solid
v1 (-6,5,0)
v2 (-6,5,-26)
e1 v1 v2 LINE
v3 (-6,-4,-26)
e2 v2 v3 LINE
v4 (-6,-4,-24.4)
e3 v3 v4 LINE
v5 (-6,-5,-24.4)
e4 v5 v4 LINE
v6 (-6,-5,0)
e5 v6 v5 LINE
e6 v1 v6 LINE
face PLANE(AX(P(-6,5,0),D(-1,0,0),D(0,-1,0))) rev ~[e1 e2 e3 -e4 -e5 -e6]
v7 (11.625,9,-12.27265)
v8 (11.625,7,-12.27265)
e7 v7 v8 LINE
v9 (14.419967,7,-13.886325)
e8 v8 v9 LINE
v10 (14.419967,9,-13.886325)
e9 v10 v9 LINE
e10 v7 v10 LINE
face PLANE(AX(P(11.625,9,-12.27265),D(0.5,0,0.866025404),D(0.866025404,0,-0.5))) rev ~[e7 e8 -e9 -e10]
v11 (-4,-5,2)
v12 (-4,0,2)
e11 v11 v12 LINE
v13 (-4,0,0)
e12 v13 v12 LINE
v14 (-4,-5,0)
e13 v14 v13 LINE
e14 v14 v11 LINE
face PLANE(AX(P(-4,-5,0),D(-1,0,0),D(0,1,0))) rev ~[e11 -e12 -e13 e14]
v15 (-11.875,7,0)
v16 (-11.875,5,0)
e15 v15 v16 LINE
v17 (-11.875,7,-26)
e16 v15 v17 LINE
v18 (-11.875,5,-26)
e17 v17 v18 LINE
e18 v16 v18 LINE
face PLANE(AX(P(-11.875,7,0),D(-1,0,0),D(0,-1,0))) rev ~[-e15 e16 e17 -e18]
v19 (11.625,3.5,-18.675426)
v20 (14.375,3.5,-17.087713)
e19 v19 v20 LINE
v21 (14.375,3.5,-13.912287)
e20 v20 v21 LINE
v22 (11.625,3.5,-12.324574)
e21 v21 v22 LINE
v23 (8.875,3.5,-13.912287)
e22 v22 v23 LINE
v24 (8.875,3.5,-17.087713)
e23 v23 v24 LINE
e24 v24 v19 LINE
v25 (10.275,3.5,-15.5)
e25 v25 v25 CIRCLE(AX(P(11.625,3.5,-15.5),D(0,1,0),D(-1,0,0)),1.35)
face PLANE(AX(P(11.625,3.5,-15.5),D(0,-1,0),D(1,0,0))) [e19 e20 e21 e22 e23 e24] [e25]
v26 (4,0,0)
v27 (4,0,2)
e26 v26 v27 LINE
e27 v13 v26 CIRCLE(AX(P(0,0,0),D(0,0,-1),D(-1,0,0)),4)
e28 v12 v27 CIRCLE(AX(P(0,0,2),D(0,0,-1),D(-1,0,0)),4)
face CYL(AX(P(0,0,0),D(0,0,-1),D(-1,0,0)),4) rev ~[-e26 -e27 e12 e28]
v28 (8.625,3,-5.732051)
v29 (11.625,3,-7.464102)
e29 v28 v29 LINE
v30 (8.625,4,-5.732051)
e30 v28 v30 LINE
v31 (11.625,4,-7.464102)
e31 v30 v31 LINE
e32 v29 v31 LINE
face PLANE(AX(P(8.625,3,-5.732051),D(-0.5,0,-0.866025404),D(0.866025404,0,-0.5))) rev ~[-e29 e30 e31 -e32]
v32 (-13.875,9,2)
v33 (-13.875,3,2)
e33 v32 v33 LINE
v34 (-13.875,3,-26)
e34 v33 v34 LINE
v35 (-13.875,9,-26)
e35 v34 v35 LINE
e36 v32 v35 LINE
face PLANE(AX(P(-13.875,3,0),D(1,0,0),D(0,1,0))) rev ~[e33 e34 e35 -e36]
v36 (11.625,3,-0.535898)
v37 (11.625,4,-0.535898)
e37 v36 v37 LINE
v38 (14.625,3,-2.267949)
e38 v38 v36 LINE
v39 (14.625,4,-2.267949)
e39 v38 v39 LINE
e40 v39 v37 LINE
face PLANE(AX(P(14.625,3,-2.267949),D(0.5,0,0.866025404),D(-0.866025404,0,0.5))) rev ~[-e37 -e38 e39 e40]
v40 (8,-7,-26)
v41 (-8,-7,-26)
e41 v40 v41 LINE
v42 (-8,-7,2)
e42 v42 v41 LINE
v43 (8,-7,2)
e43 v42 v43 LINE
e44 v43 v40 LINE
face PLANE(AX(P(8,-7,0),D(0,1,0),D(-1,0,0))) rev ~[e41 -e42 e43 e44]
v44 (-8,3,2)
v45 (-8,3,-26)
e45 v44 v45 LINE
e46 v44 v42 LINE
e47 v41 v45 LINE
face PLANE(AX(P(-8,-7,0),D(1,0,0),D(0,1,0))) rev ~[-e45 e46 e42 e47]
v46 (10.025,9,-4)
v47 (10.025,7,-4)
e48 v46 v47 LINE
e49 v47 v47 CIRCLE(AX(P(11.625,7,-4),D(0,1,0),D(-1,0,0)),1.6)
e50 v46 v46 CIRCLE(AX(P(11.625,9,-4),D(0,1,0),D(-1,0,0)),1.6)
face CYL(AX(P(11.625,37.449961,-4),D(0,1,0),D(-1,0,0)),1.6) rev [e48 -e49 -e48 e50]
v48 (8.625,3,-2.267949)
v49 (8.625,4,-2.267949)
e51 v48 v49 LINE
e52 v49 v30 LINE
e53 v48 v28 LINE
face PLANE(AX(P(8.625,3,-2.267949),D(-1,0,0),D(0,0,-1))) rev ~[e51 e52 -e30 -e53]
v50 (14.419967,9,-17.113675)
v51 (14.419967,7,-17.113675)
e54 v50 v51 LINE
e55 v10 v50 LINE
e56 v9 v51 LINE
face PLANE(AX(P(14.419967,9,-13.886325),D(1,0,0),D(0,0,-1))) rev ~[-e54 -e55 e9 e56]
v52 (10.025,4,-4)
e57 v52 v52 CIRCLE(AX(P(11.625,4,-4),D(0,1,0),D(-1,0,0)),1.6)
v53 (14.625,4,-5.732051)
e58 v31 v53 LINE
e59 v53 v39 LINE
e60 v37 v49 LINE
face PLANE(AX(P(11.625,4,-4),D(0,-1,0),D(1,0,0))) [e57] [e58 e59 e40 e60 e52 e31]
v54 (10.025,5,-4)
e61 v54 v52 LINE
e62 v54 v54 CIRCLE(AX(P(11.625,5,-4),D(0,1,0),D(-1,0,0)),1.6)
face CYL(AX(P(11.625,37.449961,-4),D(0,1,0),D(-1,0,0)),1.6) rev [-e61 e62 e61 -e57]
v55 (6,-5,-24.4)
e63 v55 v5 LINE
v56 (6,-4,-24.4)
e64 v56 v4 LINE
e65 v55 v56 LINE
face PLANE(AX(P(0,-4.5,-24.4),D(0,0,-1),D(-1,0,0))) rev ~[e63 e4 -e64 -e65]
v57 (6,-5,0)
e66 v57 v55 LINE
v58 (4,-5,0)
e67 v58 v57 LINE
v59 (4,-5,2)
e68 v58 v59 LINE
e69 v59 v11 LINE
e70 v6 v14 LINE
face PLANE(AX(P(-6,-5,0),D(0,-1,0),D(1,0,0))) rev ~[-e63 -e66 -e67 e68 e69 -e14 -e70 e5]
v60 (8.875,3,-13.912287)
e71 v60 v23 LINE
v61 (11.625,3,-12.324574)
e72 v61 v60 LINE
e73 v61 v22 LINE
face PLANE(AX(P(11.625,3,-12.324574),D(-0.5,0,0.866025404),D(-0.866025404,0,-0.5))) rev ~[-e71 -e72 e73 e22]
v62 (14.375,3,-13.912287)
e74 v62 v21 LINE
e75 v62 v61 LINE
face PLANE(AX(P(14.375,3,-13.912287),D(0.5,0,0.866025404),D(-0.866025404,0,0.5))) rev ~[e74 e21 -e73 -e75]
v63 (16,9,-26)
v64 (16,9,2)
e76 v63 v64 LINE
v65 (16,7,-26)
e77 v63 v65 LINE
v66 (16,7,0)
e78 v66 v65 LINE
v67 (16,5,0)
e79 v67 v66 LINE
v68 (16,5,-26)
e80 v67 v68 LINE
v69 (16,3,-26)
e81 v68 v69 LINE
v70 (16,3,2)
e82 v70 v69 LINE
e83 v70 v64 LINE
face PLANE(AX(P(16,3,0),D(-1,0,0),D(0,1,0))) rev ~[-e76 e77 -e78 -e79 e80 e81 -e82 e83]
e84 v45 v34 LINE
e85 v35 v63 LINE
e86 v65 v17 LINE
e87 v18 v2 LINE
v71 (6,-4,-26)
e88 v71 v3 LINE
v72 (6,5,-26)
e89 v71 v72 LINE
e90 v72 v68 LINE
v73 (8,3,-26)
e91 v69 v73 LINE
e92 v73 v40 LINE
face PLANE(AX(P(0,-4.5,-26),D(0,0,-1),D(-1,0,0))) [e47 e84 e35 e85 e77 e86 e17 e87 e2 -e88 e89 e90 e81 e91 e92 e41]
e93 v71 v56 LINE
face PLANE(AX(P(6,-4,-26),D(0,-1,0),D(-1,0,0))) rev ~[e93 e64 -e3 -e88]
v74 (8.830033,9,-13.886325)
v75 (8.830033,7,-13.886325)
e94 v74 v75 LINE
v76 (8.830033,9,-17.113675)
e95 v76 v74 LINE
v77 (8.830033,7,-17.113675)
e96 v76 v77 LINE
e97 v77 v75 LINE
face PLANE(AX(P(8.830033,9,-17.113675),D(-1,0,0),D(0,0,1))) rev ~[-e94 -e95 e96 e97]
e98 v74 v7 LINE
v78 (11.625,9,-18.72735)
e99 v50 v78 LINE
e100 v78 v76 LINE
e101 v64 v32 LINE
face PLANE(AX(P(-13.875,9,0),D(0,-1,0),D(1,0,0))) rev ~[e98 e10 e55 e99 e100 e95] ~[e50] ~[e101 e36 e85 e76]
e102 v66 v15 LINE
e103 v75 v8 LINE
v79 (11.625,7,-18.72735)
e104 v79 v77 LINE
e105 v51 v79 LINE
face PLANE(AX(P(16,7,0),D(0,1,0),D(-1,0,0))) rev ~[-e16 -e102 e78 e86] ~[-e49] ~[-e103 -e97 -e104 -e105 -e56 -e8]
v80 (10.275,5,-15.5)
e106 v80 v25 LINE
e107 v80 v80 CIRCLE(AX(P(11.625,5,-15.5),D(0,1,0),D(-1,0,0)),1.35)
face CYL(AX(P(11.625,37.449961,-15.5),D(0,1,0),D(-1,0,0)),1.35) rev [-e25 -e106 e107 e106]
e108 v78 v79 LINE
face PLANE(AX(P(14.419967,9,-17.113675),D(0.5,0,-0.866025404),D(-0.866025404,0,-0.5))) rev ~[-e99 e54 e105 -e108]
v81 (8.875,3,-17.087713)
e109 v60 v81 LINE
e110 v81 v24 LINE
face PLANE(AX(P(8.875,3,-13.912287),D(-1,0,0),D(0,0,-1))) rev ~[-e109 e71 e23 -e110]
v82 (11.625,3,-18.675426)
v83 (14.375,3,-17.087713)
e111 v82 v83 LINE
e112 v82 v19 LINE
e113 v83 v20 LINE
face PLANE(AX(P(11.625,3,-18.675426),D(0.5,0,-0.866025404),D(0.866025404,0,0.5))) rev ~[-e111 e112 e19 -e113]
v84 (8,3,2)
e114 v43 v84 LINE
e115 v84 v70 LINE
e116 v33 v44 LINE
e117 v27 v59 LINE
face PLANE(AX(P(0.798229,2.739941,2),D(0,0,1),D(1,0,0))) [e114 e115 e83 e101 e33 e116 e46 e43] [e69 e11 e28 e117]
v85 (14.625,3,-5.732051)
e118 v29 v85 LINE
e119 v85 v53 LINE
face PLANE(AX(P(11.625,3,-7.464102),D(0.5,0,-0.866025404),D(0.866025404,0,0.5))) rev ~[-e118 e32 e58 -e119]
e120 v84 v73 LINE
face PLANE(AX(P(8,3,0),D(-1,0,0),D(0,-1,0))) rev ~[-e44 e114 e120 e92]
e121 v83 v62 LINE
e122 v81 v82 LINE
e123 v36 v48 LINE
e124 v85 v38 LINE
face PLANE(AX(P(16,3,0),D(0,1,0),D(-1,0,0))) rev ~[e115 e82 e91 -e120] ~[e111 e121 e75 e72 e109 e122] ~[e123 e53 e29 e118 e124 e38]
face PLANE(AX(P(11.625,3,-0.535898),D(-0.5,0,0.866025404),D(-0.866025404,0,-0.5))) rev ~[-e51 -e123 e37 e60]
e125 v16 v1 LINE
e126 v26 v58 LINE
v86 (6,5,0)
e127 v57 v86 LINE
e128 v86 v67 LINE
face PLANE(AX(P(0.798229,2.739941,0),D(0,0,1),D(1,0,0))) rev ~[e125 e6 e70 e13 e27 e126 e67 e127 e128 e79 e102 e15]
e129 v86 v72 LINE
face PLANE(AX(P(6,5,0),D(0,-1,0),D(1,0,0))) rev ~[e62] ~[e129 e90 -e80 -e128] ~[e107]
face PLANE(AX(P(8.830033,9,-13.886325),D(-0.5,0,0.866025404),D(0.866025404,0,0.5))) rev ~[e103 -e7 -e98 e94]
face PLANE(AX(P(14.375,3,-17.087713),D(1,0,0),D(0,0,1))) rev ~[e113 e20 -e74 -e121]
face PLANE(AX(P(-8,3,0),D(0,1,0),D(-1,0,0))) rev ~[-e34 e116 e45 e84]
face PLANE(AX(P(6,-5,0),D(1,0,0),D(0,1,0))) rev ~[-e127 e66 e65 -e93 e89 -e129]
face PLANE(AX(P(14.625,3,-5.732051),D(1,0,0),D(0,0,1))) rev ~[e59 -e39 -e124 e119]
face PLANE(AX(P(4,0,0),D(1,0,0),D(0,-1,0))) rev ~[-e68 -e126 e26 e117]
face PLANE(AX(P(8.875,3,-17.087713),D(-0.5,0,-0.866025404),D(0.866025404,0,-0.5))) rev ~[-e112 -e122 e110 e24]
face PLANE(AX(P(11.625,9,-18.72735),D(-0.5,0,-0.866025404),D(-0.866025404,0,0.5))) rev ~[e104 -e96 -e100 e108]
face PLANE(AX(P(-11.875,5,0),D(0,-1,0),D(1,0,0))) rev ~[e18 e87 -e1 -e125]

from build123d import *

# Parameters (mm, degrees)
EXTRUDE_1_DEPTH          = 2
EXTRUDE_2_DEPTH          = 26
SKETCH_3_W               = 12
SKETCH_3_H               = 1
EXTRUDE_3_DEPTH          = 1.6
CUT_EXTRUDE_1_DEPTH      = 2
CUT_EXTRUDE_2_DEPTH      = 0.5
CUT_EXTRUDE_3_DEPTH      = 1
CUT_EXTRUDE_4_DEPTH      = 1
CUT_EXTRUDE_4_DEPTH_BACK = 33.449961479
SKETCH_7_R               = 1.35
SKETCH_7_R_2             = 1.6


with BuildPart() as part:
    # 草图1 → 凸台-拉伸1 (new body)
    with BuildSketch(Plane.XY):
        with BuildLine():
            Line((8, -7), (8, 3))
            Line((8, 3), (16, 3))
            Line((16, 3), (16, 5))
            Line((16, 5), (8, 5))
            Line((8, 5), (5, 5))
            ThreePointArc((5, 5), (5.707106781, 4.707106781), (6, 4))
            Line((6, 4), (6, -4))
            ThreePointArc((6, -4), (5.707106781, -4.707106781), (5, -5))
            Line((5, -5), (4, -5))
            Line((4, -5), (-4, -5))
            Line((-4, -5), (-5, -5))
            ThreePointArc((-5, -5), (-5.707106781, -4.707106781), (-6, -4))
            Line((-6, -4), (-6, 4))
            ThreePointArc((-6, 4), (-5.707106781, 4.707106781), (-5, 5))
            Line((-5, 5), (-8, 5))
            Line((-8, 5), (-11.875, 5))
            Line((-11.875, 5), (-11.875, 7))
            Line((-11.875, 7), (16, 7))
            Line((16, 7), (16, 9))
            Line((16, 9), (-13.875, 9))
            Line((-13.875, 9), (-13.875, 3))
            Line((-13.875, 3), (-8, 3))
            Line((-8, 3), (-8, -7))
            Line((-8, -7), (8, -7))
        make_face()
        Polygon((8, 5), (16, 5), (16, 7), (-11.875, 7), (-11.875, 5), (-8, 5), (-5, 5), (5, 5), align=None)
        with BuildLine():
            ThreePointArc((6, 4), (5.707106781, 4.707106781), (5, 5))
            Line((5, 5), (-5, 5))
            ThreePointArc((-5, 5), (-5.707106781, 4.707106781), (-6, 4))
            Line((-6, 4), (-6, -4))
            ThreePointArc((-6, -4), (-5.707106781, -4.707106781), (-5, -5))
            Line((-5, -5), (-4, -5))
            Line((-4, -5), (-4, 0))
            ThreePointArc((-4, 0), (0, 4), (4, 0))
            Line((4, 0), (4, -5))
            Line((4, -5), (5, -5))
            ThreePointArc((5, -5), (5.707106781, -4.707106781), (6, -4))
            Line((6, -4), (6, 4))
        make_face()
    extrude(amount=EXTRUDE_1_DEPTH)

    # 草图2 → 凸台-拉伸2 (add)
    with BuildSketch(Plane(origin=(0, 0, 0), x_dir=(-1, 0, 0), z_dir=(0, 0, -1))):
        Polygon((6, -4), (6, -5), (5, -5), (-5, -5), (-6, -5), (-6, -4), (-6, 4), (-6, 5), (-16, 5), (-16, 3), (-8, 3), (-8, -7), (8, -7), (8, 3), (13.875, 3), (13.875, 9), (-16, 9), (-16, 7), (11.875, 7), (11.875, 5), (6, 5), (6, 4), align=None)
    extrude(amount=EXTRUDE_2_DEPTH)

    # 草图3 → 凸台-拉伸3 (add)
    with BuildSketch(Plane(origin=(0, 0, -26), x_dir=(-1, 0, 0), z_dir=(0, 0, -1))):
        with Locations((0, -4.5)):
            Rectangle(SKETCH_3_W, SKETCH_3_H)
    extrude(amount=-EXTRUDE_3_DEPTH)

    # 草图4 → 切除-拉伸1 (cut)
    with BuildSketch(Plane(origin=(0, 9, 0), x_dir=(1, 0, 0), z_dir=(0, 1, 0))):
        Polygon((11.625, 12.272649731), (14.41996732, 13.886324865), (14.41996732, 17.113675135), (11.625, 18.727350269), (8.83003268, 17.113675135), (8.83003268, 13.886324865), align=None)
    extrude(amount=-CUT_EXTRUDE_1_DEPTH, mode=Mode.SUBTRACT)

    # 草图5 → 切除-拉伸2 (cut)
    with BuildSketch(Plane.XZ.offset(-3)):
        Polygon((11.625, -18.675426481), (14.375, -17.08771324), (14.375, -13.91228676), (11.625, -12.324573519), (8.875, -13.91228676), (8.875, -17.08771324), align=None)
    extrude(amount=-CUT_EXTRUDE_2_DEPTH, mode=Mode.SUBTRACT)

    # 草图6 → 切除-拉伸3 (cut)
    with BuildSketch(Plane.XZ.offset(-3)):
        Polygon((8.625, -5.732050808), (11.625, -7.464101615), (14.625, -5.732050808), (14.625, -2.267949192), (11.625, -0.535898385), (8.625, -2.267949192), align=None)
    extrude(amount=-CUT_EXTRUDE_3_DEPTH, mode=Mode.SUBTRACT)

    # 草图7 → 切除-拉伸4 (cut, two sides: drawn at the far end of the back side and taken through both)
    with BuildSketch(Plane.XZ.offset(-4).offset(-CUT_EXTRUDE_4_DEPTH_BACK)):
        with Locations(Location((11.625, -15.5, 0), (0, 0, 180))):
            Circle(SKETCH_7_R)
        with Locations(Location((11.625, -4, 0), (0, 0, 180))):
            Circle(SKETCH_7_R_2)
    extrude(amount=CUT_EXTRUDE_4_DEPTH + CUT_EXTRUDE_4_DEPTH_BACK, mode=Mode.SUBTRACT)


solid = part.part
